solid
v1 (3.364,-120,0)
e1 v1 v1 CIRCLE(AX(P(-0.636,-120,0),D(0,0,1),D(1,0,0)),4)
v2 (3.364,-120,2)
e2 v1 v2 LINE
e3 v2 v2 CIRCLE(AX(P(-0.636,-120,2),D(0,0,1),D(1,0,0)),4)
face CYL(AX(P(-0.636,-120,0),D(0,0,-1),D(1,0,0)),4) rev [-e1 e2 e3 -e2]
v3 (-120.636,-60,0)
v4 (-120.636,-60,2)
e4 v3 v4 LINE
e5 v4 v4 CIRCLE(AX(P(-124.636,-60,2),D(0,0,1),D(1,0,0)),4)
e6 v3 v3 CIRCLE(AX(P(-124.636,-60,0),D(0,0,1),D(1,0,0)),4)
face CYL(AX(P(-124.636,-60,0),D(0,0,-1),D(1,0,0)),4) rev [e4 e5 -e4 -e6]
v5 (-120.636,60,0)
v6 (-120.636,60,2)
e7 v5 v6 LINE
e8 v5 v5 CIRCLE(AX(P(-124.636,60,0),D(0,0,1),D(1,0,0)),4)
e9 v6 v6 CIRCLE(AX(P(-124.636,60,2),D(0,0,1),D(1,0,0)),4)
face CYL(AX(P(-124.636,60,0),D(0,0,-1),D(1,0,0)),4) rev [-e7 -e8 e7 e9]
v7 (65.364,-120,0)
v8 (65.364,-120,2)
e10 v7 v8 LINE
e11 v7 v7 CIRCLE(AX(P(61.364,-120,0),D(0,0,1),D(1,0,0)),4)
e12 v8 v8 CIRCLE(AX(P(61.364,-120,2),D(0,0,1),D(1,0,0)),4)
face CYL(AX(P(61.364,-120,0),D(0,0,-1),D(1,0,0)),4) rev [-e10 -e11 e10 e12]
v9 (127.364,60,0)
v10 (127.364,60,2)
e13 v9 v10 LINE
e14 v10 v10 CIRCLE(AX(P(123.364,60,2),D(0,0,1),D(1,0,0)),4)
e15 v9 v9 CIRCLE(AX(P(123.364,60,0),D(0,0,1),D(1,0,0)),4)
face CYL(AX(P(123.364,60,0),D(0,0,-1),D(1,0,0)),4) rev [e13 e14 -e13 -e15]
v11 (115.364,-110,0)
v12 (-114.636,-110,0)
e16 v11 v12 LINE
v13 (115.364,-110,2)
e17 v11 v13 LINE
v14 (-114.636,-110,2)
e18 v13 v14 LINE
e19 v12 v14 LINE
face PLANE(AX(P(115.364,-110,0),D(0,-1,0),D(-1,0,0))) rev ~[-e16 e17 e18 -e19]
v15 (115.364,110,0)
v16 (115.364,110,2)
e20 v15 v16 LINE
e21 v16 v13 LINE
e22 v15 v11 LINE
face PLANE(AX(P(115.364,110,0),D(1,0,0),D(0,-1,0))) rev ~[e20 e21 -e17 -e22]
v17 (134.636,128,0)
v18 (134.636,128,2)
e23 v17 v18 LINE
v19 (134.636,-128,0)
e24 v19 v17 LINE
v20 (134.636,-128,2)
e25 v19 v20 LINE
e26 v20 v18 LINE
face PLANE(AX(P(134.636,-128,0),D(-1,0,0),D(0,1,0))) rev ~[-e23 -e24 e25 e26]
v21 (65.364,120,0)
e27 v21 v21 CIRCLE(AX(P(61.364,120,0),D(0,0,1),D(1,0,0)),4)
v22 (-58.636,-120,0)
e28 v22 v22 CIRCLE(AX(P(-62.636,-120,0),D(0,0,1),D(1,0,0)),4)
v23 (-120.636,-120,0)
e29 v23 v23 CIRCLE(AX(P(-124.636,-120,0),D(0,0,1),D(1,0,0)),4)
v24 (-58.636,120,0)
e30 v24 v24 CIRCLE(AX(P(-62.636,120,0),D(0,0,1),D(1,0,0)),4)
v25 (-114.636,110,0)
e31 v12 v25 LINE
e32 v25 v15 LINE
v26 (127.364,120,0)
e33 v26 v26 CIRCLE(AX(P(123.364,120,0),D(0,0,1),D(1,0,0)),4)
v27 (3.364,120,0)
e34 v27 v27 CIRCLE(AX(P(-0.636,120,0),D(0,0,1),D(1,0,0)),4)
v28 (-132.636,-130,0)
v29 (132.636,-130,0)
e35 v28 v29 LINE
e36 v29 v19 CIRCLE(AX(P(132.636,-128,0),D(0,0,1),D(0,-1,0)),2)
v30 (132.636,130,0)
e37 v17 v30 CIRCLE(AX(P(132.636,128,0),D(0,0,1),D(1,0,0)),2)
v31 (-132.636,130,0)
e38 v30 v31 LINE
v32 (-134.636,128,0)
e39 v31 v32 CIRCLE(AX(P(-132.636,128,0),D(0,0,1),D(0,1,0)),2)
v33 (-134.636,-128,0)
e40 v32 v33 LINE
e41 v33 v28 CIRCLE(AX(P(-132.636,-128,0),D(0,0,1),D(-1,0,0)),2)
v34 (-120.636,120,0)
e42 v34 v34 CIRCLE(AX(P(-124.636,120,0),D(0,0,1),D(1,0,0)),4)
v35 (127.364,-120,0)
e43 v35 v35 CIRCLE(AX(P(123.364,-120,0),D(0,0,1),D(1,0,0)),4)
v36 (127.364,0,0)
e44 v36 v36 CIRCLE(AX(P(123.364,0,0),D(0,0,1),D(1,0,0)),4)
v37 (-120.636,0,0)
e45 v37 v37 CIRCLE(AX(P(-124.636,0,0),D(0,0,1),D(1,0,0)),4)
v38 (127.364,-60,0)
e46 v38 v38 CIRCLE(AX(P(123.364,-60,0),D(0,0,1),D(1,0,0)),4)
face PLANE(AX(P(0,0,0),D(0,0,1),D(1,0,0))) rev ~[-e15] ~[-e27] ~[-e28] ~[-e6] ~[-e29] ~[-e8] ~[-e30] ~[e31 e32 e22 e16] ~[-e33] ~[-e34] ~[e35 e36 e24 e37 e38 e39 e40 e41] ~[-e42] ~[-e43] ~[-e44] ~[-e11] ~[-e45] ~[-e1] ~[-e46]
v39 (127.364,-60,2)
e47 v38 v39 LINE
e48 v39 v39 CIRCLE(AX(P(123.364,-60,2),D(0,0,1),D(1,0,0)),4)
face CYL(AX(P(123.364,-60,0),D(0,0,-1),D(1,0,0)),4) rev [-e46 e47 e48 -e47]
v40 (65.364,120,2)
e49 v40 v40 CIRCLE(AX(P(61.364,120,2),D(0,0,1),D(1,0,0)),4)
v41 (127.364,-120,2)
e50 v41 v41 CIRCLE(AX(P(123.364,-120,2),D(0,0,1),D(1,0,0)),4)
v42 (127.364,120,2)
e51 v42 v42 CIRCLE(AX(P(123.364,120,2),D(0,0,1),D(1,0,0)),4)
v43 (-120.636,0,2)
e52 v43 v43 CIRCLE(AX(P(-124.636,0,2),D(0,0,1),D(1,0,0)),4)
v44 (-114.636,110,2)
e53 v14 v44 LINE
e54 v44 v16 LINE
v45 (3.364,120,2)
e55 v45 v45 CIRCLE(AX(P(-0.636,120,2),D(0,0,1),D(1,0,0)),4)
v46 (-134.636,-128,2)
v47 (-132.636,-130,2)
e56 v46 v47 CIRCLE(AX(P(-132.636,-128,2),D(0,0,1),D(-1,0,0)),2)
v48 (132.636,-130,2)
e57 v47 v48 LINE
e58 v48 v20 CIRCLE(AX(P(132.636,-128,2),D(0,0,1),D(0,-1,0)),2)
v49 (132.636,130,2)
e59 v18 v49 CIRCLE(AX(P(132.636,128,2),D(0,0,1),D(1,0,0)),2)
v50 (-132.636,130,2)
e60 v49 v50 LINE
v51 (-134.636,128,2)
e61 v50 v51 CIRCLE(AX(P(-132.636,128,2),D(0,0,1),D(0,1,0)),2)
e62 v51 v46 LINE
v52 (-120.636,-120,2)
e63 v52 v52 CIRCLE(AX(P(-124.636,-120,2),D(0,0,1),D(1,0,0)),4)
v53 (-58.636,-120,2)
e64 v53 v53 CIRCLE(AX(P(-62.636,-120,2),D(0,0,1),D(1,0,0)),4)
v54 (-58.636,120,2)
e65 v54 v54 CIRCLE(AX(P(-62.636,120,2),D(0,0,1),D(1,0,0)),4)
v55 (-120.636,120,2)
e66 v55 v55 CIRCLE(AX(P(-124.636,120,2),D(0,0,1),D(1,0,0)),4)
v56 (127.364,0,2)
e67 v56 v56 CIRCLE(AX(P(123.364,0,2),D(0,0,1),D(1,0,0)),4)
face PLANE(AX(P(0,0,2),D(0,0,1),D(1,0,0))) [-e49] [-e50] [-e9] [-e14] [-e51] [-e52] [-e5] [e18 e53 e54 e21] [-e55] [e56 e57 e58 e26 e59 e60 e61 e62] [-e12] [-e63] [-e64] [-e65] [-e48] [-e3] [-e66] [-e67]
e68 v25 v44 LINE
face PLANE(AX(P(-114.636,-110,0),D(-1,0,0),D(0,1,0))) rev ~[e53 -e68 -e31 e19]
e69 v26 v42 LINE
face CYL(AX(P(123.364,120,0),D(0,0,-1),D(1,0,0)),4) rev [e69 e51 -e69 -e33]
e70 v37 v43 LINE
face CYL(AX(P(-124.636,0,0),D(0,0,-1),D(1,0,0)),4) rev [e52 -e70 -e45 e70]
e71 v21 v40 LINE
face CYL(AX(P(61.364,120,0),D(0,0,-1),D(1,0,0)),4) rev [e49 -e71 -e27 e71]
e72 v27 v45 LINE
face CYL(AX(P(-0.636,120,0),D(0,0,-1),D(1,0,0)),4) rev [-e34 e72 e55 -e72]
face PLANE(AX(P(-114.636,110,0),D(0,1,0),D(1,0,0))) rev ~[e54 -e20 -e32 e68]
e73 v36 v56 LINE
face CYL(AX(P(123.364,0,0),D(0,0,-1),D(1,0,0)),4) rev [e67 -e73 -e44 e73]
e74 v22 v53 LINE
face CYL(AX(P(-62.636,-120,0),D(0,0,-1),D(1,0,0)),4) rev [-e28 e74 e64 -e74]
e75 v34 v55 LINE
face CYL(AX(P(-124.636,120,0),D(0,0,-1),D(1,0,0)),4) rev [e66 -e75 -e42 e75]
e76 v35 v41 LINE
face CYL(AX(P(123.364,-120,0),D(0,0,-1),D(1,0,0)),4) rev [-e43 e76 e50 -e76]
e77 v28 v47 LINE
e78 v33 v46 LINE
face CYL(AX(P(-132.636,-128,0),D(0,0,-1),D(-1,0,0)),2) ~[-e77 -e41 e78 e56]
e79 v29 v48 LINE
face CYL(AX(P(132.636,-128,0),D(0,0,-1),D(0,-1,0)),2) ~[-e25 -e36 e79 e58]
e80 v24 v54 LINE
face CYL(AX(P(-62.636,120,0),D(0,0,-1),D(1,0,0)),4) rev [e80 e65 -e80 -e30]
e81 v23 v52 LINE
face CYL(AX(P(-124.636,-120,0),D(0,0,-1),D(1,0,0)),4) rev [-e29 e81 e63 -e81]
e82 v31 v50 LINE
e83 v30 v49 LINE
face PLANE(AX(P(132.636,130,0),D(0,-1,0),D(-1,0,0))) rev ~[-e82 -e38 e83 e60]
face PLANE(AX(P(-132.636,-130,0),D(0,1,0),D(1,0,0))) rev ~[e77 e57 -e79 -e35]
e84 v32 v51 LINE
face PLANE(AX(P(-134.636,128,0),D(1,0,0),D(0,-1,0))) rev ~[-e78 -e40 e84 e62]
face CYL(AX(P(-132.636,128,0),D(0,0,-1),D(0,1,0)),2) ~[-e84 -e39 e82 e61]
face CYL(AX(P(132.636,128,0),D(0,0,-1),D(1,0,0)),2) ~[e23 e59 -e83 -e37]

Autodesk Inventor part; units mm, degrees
ref_plane "YZ Plane" through (0, 0, 0) normal (1, 0, 0) x (0, 1, 0)
ref_plane "XZ Plane" through (0, 0, 0) normal (0, 1, 0) x (-1, 0, 0)
ref_plane "XY Plane" through (0, 0, 0) normal (0, 0, 1) x (1, 0, 0)
ref_plane "РабПлоскость1" through (0, 0, 0) normal (0, 0, 1) x (1, 0, 0)
sketch "Эскиз1" plane through (0, 0, 0) normal (0, 0, 1) x (1, 0, 0)
  circle A0 centre (123.364, -120) radius 4 projected
  circle A1 centre (61.364, -120) radius 4 projected
  circle A2 centre (-0.636, -120) radius 4 projected
  circle A3 centre (-62.636, -120) radius 4 projected
  circle A4 centre (-124.636, -120) radius 4 projected
  circle A5 centre (123.364, -60) radius 4 projected
  circle A6 centre (-124.636, -60) radius 4 projected
  circle A7 centre (123.364, 0) radius 4 projected
  circle A8 centre (-124.636, 0) radius 4 projected
  circle A9 centre (123.364, 60) radius 4 projected
  circle A10 centre (-124.636, 60) radius 4 projected
  circle A11 centre (123.364, 120) radius 4 projected
  circle A12 centre (61.364, 120) radius 4 projected
  circle A13 centre (-0.636, 120) radius 4 projected
  circle A14 centre (-62.636, 120) radius 4 projected
  circle A15 centre (-124.636, 120) radius 4 projected
  line L0 (115.364, 110) -> (115.364, -110) projected
  line L1 (115.364, -110) -> (-114.636, -110) projected
  line L2 (-114.636, -110) -> (-114.636, 110) projected
  line L3 (-114.636, 110) -> (115.364, 110) projected
  arc A16 (-132.636, 130) -> (-134.636, 128) centre (-132.636, 128) ccw projected
  line L4 (-134.636, 128) -> (-134.636, -128) projected
  arc A17 (-134.636, -128) -> (-132.636, -130) centre (-132.636, -128) ccw projected
  line L5 (-132.636, -130) -> (132.636, -130) projected
  arc A18 (132.636, -130) -> (134.636, -128) centre (132.636, -128) ccw projected
  line L6 (134.636, -128) -> (134.636, 128) projected
  arc A19 (134.636, 128) -> (132.636, 130) centre (132.636, 128) ccw projected
  line L7 (132.636, 130) -> (-132.636, 130) projected
extrude "Выдавливание1" add sketch "Эскиз1" along normal blind 2
properties part number "Деталь5_CPY" material "Алюминий 6061"
